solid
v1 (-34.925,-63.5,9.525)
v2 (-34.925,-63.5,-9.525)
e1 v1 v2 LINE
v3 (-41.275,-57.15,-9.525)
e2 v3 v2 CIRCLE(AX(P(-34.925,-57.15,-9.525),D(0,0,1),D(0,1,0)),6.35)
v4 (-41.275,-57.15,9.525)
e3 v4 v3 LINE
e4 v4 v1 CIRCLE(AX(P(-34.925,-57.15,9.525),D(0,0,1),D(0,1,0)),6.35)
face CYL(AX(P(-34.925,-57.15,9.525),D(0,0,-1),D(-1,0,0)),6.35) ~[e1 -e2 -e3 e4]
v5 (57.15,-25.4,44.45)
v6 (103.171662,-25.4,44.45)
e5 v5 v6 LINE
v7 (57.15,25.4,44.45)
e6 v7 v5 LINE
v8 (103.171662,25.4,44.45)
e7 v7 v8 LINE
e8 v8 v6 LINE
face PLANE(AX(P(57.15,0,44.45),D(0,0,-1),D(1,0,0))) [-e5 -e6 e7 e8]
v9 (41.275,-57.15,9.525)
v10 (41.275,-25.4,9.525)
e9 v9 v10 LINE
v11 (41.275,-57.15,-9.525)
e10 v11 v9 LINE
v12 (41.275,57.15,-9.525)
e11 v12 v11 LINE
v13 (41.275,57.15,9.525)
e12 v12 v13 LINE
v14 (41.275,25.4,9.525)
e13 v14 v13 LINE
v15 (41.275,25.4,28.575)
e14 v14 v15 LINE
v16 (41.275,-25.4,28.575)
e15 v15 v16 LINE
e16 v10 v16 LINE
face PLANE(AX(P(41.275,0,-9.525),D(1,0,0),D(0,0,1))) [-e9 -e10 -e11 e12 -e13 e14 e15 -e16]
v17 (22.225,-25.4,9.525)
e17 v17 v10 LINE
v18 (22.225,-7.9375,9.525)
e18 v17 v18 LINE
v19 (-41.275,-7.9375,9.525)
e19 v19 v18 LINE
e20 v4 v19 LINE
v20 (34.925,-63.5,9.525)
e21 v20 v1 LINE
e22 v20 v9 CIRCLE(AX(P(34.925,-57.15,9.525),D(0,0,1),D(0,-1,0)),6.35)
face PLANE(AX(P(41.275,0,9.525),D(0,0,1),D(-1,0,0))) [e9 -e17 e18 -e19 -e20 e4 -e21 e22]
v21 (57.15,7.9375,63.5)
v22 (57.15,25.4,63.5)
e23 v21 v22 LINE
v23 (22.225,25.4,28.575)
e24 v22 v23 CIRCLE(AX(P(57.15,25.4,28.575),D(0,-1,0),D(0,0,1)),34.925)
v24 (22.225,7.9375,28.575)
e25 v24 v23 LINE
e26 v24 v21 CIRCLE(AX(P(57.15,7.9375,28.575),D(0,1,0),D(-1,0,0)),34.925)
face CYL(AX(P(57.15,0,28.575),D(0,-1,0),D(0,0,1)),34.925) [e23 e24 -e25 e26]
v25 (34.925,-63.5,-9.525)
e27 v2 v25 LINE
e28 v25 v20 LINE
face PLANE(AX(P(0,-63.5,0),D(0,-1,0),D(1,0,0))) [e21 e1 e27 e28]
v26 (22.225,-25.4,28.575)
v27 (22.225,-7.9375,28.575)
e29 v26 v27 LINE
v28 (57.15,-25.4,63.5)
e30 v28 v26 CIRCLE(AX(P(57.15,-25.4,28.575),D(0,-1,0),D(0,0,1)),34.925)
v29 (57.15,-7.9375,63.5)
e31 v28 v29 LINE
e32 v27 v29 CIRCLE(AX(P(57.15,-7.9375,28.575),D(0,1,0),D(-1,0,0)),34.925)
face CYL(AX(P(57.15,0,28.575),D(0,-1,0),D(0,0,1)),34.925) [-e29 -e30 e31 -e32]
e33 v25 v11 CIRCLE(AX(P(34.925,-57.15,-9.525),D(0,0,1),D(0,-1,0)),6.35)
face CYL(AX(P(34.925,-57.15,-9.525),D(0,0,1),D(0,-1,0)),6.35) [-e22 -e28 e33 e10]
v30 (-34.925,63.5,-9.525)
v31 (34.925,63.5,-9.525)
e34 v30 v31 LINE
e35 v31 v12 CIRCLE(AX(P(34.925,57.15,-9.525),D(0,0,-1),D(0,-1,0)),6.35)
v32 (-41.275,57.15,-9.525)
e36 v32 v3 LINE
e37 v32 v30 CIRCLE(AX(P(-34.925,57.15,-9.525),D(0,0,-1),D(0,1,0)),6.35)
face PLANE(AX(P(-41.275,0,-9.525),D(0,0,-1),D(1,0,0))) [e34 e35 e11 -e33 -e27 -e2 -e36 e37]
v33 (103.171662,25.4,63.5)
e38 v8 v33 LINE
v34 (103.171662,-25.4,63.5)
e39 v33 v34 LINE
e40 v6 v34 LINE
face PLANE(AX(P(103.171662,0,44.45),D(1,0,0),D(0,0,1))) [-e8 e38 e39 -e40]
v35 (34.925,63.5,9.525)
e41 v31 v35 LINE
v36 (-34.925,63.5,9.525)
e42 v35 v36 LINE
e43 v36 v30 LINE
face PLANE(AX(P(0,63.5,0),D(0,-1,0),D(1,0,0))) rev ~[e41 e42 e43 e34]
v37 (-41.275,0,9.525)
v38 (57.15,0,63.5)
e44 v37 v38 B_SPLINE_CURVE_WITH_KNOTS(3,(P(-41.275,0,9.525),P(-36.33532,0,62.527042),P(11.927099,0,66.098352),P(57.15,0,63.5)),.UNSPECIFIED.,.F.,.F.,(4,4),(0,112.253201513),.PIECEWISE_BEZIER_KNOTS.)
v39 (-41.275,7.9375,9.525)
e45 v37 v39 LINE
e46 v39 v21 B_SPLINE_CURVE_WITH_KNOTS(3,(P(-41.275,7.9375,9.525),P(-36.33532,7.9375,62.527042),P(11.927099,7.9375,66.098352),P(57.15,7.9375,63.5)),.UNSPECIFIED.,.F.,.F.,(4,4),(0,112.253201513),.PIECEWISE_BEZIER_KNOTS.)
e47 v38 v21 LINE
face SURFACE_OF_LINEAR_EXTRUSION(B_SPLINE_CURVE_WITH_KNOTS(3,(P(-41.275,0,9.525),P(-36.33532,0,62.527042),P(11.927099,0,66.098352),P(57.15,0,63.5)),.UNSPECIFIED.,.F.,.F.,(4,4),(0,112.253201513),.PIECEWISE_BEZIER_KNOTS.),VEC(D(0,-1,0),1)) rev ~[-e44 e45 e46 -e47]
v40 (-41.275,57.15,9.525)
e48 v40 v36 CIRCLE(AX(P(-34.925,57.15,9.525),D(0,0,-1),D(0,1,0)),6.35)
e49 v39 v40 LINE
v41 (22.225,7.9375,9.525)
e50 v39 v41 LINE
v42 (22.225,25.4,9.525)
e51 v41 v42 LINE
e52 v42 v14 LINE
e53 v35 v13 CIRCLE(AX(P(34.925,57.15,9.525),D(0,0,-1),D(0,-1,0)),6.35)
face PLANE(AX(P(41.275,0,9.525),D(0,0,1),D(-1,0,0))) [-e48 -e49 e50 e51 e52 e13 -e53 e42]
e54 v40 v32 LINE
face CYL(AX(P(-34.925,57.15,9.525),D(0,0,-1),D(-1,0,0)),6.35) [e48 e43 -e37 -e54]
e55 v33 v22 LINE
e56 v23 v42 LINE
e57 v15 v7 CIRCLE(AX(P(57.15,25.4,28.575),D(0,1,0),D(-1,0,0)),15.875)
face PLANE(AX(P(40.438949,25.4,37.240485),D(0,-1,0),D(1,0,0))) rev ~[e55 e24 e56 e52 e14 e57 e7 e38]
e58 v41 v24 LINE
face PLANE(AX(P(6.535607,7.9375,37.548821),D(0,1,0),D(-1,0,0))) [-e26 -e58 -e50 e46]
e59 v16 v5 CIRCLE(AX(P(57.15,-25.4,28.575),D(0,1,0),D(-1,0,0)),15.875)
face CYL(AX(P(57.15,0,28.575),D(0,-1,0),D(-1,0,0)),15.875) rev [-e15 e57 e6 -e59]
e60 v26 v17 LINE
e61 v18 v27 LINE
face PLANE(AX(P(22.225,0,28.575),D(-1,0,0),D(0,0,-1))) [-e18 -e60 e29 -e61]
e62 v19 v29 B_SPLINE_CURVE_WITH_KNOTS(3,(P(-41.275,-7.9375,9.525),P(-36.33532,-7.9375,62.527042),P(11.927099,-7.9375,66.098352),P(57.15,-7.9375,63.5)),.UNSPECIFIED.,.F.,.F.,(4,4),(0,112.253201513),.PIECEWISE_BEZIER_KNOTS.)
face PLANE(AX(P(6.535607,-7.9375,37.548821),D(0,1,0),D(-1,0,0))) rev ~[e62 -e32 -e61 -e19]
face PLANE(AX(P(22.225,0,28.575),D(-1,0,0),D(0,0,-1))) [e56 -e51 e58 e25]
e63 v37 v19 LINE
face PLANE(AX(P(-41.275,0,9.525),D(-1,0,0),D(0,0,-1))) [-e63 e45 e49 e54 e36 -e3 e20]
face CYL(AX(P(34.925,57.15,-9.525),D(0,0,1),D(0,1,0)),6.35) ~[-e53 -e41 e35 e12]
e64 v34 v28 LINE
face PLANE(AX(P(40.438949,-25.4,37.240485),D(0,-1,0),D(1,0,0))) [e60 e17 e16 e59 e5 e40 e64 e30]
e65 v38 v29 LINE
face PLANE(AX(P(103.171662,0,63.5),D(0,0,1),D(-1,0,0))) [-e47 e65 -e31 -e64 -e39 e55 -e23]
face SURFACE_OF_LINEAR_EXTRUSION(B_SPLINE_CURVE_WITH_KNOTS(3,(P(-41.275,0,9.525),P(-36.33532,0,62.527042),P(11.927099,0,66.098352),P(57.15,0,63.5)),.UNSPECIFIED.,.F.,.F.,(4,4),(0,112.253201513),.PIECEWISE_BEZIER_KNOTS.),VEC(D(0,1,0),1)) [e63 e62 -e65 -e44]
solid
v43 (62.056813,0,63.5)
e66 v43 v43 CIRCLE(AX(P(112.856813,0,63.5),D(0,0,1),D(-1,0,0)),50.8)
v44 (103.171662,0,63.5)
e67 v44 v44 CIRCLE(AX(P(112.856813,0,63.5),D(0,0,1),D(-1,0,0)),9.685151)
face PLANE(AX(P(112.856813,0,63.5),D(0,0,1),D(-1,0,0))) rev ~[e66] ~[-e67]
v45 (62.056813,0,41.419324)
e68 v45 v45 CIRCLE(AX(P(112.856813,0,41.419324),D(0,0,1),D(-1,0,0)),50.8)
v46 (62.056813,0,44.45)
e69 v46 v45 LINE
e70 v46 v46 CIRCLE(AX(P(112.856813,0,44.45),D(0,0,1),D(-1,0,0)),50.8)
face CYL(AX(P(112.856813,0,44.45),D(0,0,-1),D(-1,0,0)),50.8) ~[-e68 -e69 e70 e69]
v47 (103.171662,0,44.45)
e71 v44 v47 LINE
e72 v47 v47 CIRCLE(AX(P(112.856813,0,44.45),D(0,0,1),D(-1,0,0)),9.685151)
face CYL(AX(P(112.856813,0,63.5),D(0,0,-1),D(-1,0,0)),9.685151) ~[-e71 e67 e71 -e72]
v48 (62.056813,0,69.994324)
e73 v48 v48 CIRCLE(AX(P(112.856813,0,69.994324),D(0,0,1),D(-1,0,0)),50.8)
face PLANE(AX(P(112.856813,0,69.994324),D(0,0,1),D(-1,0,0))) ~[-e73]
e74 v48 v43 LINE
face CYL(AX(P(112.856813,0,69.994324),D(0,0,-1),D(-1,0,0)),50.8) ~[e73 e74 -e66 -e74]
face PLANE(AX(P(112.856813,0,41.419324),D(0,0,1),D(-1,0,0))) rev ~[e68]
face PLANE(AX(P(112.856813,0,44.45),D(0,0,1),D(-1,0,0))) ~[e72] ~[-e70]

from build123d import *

# Parameters (mm, degrees)
F1_DEPTH = 63.5
F0_W     = 41.1148486172
F0_H     = 19.05
F2_DEPTH = 25.4
F3_DEPTH = 7.9375
F5_R     = 6.35


with BuildPart() as f1:
    # F0 (on Front) → F1 (new body, symmetric)
    with BuildSketch(Plane.XZ):
        Polygon((-41.275, 9.525), (-41.275, -9.525), (41.275, -9.525), (41.275, 9.525), (22.225, 9.525), align=None)
    extrude(amount=F1_DEPTH, both=True)

    # F0 (on Front) → F2 (join, symmetric)
    with BuildSketch(Plane.XZ):
        with BuildLine():
            Line((22.225, 9.525), (41.275, 9.525))
            Line((41.275, 9.525), (41.275, 28.575))
            ThreePointArc((41.275, 28.575), (45.9246798487, 39.8003201513), (57.15, 44.45))
            Line((57.15, 44.45), (62.0568133146, 44.45))
            Line((62.0568133146, 44.45), (62.0568133146, 63.5))
            Line((62.0568133146, 63.5), (57.15, 63.5))
            ThreePointArc((57.15, 63.5), (32.4542956671, 53.2707043329), (22.225, 28.575))
            Line((22.225, 28.575), (22.225, 9.525))
        make_face()
        with Locations((82.6142376232, 53.975)):
            Rectangle(F0_W, F0_H)
    extrude(amount=F2_DEPTH, both=True)

    # F0 (on Front) → F3 (join, symmetric)
    with BuildSketch(Plane.XZ):
        with BuildLine():
            add(Edge.make_bspline(
                [(-41.275, 9.525), (-36.3353202119, 62.5270418823), (11.9270985628, 66.0983518143), (57.15, 63.5)],
                knots=[0, 0, 0, 0, 112.2532015134, 112.2532015134, 112.2532015134, 112.2532015134], degree=3))
            Line((-41.275, 9.525), (22.225, 9.525))
            Line((22.225, 9.525), (22.225, 28.575))
            ThreePointArc((22.225, 28.575), (32.4542956671, 53.2707043329), (57.15, 63.5))
        make_face()
    extrude(amount=F3_DEPTH, both=True)

    # F5
    f5_edges = [f1.edges().sort_by_distance(p)[0] for p in [
        (41.275, -63.5, 0),
        (-41.275, -63.5, 0),
        (41.275, 63.5, 0),
        (-41.275, 63.5, 0),
    ]]
    fillet(f5_edges, radius=F5_R)


with BuildPart() as f4:
    # F0 (on Front) → F4 (revolve)
    with BuildSketch(Plane.XZ):
        Polygon((62.0568133146, 69.9943239679), (62.0568133146, 63.5), (103.1716619318, 63.5), (103.1716619318, 44.45), (62.0568133146, 44.45), (62.0568133146, 41.4193239679), (112.8568133146, 41.4193239679), (112.8568133146, 69.9943239679), align=None)
    revolve(axis=Axis((112.8568133146, 0, 55.7068239679), (0, 0, 1)))


solid = Compound([f1.part, f4.part])
